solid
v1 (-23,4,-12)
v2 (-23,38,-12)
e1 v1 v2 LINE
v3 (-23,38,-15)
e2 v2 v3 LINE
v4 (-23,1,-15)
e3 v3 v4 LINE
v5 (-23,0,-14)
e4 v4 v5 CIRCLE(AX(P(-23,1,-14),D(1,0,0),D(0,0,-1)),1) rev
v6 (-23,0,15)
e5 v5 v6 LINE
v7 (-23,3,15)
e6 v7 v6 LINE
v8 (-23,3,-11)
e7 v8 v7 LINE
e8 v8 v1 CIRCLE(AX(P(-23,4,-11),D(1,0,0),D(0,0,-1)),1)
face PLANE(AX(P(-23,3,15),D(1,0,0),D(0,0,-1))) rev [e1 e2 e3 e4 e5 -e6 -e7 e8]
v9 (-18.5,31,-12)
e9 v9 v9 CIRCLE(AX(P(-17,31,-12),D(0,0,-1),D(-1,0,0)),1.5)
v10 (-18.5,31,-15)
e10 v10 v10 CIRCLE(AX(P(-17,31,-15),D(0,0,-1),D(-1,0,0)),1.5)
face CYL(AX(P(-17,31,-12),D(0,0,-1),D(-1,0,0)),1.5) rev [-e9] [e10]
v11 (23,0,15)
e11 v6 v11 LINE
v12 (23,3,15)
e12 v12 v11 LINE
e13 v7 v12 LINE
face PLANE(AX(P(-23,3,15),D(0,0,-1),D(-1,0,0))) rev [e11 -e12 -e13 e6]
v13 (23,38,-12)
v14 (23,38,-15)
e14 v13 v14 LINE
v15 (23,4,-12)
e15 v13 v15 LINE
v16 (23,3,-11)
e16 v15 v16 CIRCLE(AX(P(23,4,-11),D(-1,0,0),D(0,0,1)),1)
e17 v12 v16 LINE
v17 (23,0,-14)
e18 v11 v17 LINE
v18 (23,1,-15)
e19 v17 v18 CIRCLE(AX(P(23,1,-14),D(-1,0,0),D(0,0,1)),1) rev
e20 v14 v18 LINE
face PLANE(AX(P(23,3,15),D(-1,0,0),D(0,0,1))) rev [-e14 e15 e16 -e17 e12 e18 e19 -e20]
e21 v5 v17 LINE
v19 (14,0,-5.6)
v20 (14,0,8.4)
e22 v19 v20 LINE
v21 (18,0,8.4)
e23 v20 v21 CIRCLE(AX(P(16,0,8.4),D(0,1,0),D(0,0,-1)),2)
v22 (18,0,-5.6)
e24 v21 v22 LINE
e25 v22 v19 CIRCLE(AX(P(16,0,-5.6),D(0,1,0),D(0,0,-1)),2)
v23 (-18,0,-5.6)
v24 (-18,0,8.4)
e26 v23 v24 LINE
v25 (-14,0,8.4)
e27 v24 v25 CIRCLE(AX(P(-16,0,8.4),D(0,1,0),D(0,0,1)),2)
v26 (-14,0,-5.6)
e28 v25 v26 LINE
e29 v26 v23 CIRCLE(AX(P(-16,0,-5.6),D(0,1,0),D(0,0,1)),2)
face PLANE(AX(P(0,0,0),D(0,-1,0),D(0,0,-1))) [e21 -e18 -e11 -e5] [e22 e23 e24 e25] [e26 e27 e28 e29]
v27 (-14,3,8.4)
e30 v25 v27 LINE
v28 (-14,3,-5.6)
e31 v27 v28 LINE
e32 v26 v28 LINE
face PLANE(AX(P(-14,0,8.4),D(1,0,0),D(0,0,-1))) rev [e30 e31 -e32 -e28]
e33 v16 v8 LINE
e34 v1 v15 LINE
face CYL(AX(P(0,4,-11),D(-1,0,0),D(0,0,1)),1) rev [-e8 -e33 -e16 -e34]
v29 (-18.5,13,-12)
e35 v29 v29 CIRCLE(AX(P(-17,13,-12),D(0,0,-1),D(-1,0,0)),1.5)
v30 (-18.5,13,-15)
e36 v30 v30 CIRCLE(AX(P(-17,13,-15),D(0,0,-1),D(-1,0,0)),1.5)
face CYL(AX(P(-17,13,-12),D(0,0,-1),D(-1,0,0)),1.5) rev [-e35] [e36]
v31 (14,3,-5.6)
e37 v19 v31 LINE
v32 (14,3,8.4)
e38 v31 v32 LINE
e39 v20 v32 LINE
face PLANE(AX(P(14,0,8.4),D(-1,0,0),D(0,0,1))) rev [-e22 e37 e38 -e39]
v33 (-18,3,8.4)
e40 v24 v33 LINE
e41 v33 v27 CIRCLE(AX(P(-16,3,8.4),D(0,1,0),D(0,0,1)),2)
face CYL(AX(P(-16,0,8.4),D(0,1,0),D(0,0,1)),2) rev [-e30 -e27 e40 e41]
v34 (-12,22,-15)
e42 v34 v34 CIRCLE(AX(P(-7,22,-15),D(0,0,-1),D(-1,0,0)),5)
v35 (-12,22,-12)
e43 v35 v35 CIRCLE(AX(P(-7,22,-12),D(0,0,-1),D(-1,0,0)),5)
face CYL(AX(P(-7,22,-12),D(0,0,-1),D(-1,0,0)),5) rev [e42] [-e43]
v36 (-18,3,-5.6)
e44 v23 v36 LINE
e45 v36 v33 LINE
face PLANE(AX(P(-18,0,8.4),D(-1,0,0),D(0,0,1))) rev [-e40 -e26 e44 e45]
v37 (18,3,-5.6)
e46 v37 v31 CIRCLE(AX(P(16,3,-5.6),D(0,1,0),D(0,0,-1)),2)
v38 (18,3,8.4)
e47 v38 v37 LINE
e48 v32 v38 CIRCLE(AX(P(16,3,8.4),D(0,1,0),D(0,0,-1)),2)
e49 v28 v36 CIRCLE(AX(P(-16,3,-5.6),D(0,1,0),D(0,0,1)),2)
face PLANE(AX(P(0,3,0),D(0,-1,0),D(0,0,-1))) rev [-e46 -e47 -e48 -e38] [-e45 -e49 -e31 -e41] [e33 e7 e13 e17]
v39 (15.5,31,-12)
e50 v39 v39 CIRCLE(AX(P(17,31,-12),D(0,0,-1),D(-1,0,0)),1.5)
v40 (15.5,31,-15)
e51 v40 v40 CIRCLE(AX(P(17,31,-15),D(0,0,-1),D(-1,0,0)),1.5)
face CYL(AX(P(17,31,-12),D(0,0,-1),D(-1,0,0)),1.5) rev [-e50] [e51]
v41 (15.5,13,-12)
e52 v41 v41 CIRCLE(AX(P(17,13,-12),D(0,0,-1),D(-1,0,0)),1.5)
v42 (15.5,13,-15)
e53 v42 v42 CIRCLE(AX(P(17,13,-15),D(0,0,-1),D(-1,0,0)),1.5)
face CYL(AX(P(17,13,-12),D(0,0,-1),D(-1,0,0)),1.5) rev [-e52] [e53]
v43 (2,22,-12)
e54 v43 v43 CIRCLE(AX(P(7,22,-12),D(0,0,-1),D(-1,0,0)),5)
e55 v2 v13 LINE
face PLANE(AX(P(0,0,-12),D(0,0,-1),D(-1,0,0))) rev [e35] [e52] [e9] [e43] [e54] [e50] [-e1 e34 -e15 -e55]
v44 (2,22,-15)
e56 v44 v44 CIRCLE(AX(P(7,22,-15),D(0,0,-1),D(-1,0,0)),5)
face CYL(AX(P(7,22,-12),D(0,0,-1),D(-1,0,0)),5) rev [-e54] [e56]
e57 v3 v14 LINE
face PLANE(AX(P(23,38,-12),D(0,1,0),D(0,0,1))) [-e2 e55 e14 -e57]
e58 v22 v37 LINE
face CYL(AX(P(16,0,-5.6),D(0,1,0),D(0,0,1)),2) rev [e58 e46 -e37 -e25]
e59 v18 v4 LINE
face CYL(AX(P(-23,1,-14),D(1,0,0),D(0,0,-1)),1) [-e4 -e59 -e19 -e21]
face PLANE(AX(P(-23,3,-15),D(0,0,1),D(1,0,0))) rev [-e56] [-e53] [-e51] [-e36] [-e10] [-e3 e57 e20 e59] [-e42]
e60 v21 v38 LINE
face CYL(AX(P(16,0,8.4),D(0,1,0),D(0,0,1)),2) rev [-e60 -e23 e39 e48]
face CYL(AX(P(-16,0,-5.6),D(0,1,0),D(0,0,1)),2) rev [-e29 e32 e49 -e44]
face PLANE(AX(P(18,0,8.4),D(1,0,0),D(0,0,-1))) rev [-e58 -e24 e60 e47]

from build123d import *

# Parameters (mm, degrees)
SKETCH_1_W          = 46
SKETCH_1_H          = 30
EXTRUDE_1_DEPTH     = 3
SKETCH_2_W          = 46
SKETCH_2_H          = 38
EXTRUDE_2_DEPTH     = 3
FILLET_1_R          = 1
SKETCH_3_R          = 1.5
SKETCH_3_R_2        = 5
CUT_EXTRUDE_1_DEPTH = 3
CUT_EXTRUDE_2_DEPTH = 3


with BuildPart() as part:
    # 草图1 → 凸台-拉伸1 (new body)
    with BuildSketch(Plane(origin=(0, 0, 0), x_dir=(1, 0, 0), z_dir=(0, 1, 0))):
        Rectangle(SKETCH_1_W, SKETCH_1_H)
    extrude(amount=EXTRUDE_1_DEPTH)

    # 草图2 → 凸台-拉伸2 (add)
    with BuildSketch(Plane(origin=(0, 0, -15), x_dir=(-1, 0, 0), z_dir=(0, 0, -1))):
        with Locations((0, 19)):
            Rectangle(SKETCH_2_W, SKETCH_2_H)
    extrude(amount=-EXTRUDE_2_DEPTH)

    # 圆角1
    fillet_1_edges = [part.edges().sort_by_distance(p)[0] for p in [
        (0, 3, -12),
        (0, 0, -15),
    ]]
    fillet(fillet_1_edges, radius=FILLET_1_R)

    # 草图3 → 切除-拉伸1 (cut)
    with BuildSketch(Plane(origin=(0, 0, -15), x_dir=(-1, 0, 0), z_dir=(0, 0, -1))):
        with Locations((17, 13)):
            Circle(SKETCH_3_R)
        with Locations((17, 31)):
            Circle(SKETCH_3_R)
        with Locations((-17, 31)):
            Circle(SKETCH_3_R)
        with Locations((-17, 13)):
            Circle(SKETCH_3_R)
        with Locations((7, 22)):
            Circle(SKETCH_3_R_2)
        with Locations((-7, 22)):
            Circle(SKETCH_3_R_2)
    extrude(amount=-CUT_EXTRUDE_1_DEPTH, mode=Mode.SUBTRACT)

    # 草图4 → 切除-拉伸2 (cut)
    with BuildSketch(Plane(origin=(0, 3, 0), x_dir=(1, 0, 0), z_dir=(0, 1, 0))):
        with BuildLine():
            Line((-18, -8.4), (-18, 5.6))
            ThreePointArc((-18, 5.6), (-16, 7.6), (-14, 5.6))
            Line((-14, 5.6), (-14, -8.4))
            ThreePointArc((-14, -8.4), (-16, -10.4), (-18, -8.4))
        make_face()
        with BuildLine():
            Line((18, -8.4), (18, 5.6))
            ThreePointArc((18, 5.6), (16, 7.6), (14, 5.6))
            Line((14, 5.6), (14, -8.4))
            ThreePointArc((14, -8.4), (16, -10.4), (18, -8.4))
        make_face()
    extrude(amount=-CUT_EXTRUDE_2_DEPTH, mode=Mode.SUBTRACT)


solid = part.part
